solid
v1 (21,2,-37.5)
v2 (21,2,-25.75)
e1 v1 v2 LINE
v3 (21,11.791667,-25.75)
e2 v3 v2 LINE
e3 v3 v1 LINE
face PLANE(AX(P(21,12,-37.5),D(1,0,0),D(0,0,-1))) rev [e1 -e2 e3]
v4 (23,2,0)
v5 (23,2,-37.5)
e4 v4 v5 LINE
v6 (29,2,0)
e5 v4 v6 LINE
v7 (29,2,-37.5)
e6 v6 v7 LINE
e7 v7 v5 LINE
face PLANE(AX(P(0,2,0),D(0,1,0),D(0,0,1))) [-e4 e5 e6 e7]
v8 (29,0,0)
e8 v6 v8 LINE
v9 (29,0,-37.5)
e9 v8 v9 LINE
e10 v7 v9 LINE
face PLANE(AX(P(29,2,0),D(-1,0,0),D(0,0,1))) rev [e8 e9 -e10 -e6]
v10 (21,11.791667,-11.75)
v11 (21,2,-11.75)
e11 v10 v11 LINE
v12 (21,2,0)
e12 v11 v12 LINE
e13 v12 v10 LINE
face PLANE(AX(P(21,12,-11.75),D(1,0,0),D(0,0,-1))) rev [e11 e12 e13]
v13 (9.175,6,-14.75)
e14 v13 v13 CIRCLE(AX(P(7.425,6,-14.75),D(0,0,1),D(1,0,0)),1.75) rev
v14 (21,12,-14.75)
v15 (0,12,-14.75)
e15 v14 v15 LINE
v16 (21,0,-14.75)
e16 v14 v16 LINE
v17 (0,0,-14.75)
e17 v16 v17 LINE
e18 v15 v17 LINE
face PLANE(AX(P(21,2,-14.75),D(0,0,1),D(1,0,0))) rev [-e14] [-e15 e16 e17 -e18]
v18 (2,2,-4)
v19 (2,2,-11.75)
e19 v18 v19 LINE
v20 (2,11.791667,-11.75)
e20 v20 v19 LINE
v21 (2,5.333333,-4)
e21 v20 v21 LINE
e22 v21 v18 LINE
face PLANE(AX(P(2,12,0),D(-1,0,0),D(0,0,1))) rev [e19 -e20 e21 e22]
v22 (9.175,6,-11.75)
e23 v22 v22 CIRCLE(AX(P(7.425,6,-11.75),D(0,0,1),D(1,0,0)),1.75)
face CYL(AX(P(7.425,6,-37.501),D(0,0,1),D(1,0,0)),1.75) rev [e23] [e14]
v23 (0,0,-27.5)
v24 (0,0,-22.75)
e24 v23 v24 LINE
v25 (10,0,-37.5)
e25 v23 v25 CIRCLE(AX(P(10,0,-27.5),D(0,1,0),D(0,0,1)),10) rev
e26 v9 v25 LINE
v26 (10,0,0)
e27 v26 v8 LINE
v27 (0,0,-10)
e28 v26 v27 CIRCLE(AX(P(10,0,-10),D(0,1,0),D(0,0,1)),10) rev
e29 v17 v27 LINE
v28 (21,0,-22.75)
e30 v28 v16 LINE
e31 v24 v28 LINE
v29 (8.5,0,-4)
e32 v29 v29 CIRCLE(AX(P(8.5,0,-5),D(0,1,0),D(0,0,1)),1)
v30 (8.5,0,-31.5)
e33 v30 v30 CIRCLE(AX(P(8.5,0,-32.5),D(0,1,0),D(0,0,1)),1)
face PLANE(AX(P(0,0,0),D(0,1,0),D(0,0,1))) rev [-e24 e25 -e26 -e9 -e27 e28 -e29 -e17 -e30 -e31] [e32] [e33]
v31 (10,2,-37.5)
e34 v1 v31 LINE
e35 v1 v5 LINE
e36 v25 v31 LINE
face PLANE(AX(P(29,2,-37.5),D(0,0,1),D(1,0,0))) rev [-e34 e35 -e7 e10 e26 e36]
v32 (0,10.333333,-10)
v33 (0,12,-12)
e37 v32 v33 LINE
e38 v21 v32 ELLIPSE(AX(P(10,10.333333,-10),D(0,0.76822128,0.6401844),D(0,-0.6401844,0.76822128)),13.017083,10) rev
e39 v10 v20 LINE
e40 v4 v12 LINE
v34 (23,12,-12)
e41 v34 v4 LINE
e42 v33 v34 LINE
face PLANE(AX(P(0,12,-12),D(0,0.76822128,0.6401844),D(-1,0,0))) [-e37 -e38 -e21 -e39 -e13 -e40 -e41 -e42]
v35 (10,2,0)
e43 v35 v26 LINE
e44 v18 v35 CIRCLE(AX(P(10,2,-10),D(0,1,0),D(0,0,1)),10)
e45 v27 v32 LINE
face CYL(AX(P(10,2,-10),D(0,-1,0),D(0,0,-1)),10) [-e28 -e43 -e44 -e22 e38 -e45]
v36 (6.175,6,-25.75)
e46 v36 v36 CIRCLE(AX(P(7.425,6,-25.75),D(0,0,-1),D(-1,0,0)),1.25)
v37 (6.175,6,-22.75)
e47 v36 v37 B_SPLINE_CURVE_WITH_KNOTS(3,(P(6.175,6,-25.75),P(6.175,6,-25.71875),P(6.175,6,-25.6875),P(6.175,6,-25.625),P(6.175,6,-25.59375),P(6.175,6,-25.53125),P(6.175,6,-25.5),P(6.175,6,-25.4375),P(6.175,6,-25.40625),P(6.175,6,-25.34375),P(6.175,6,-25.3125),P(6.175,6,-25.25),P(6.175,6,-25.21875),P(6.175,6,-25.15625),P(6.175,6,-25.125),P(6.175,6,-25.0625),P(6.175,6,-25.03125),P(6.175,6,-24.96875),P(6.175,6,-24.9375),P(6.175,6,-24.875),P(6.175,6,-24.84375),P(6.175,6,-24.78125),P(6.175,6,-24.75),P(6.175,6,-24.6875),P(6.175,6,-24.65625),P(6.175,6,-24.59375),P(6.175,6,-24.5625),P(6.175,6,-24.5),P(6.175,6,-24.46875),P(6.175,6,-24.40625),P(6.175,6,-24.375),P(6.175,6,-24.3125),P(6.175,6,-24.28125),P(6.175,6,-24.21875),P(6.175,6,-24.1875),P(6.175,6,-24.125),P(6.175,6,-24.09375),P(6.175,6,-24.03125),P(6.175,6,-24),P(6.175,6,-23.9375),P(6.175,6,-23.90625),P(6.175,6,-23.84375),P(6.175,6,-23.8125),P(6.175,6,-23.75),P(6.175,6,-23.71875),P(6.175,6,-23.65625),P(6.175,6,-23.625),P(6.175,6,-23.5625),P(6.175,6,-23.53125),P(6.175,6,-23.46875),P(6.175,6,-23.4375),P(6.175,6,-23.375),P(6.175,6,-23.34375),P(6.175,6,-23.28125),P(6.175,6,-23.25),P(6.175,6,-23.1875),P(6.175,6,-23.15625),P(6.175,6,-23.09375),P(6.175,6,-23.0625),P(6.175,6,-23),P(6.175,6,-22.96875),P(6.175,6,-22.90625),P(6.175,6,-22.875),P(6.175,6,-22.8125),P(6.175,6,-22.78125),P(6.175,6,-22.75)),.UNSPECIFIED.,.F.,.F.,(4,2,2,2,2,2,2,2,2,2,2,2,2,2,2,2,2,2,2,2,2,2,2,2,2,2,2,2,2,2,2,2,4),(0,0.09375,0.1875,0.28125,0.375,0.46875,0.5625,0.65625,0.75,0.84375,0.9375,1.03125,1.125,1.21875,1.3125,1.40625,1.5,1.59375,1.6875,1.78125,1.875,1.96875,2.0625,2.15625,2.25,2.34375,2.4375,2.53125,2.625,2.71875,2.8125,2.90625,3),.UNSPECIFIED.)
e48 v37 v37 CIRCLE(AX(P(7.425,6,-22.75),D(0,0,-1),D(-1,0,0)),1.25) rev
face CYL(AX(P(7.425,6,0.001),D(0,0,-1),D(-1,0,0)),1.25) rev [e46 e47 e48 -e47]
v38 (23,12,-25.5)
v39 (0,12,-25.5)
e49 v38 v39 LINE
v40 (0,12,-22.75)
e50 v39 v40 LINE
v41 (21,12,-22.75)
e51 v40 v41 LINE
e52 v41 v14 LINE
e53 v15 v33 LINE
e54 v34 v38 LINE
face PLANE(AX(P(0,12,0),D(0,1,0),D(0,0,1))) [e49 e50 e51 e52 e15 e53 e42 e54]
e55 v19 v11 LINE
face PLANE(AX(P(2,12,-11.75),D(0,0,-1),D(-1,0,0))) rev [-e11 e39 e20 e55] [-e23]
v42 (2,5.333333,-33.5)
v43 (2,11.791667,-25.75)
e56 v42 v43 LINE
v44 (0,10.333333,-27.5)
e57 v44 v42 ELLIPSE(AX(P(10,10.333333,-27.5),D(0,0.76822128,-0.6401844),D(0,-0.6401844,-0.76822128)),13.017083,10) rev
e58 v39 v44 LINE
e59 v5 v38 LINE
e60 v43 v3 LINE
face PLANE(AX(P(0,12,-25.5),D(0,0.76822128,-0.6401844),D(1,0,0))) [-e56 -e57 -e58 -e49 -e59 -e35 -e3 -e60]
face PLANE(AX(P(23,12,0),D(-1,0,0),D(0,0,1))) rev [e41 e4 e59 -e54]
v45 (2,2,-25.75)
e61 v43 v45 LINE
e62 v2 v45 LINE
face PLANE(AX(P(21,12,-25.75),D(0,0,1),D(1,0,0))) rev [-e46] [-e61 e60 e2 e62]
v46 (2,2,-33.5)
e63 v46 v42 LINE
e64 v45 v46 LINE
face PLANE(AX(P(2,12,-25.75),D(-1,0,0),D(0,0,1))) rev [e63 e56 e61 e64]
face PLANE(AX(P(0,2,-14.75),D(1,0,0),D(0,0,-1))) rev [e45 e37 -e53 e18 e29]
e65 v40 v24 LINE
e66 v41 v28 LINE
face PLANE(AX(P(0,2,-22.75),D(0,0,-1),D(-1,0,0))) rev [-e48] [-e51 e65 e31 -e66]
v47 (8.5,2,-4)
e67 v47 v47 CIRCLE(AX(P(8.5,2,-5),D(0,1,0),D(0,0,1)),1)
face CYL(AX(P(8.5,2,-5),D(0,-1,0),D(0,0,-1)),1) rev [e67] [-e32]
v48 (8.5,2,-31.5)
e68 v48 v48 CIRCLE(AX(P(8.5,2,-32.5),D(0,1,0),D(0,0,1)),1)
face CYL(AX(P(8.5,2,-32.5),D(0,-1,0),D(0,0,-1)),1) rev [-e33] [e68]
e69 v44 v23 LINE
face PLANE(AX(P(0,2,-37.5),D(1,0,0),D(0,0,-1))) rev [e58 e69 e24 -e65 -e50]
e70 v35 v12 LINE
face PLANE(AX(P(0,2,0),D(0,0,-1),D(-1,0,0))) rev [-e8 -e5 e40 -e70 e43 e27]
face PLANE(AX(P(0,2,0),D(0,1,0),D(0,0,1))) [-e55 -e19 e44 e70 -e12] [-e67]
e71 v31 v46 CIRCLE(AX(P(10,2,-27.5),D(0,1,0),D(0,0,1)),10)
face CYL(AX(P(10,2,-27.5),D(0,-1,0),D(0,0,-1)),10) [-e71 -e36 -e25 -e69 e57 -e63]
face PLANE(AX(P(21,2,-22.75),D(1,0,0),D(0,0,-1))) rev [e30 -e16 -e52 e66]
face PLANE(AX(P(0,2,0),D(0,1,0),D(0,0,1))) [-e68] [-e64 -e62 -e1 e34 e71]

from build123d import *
from OCP.BRepFilletAPI import BRepFilletAPI_MakeChamfer

# Parameters (mm, degrees)
TOPSKETCH1_R                         = 1
TOPBOSS_EXTRUDE1_DEPTH               = 2
RAILCLAMPBOSS_EXTRUDE2_DEPTH         = 10
RAILSCREWSIDE1HOLECUT_EXTRUDE1_REACH = 42.596
RAILSCREWSIDE1HOLESKETCH3_R          = 1.75
RAILSCREWSIDE2HOLECUT_EXTRUDE2_REACH = 42.596
RAILSCREWSIDE2HOLESKETCH4_R          = 1.25
FILLET1_R                            = 10
CHAMFER2_SIZE                        = 10
CHAMFER2_SIZE2                       = 12


with BuildPart() as part:
    # TopSketch1 → TopBoss-Extrude1 (new body)
    with BuildSketch(Plane(origin=(0, 0, 0), x_dir=(1, 0, 0), z_dir=(0, 1, 0))):
        Polygon((0, 0), (29, 0), (29, 37.5), (0, 37.5), (0, 22.75), (21, 22.75), (21, 14.75), (0, 14.75), align=None)
        with Locations(Location((8.5, 32.5, 0), (0, 0, 270))):
            Circle(TOPSKETCH1_R, mode=Mode.SUBTRACT)
        with Locations(Location((8.5, 5, 0), (0, 0, 270))):
            Circle(TOPSKETCH1_R, mode=Mode.SUBTRACT)
    extrude(amount=TOPBOSS_EXTRUDE1_DEPTH)

    # RailClampSketch2 → RailClampBoss-Extrude2 (add)
    with BuildSketch(Plane(origin=(0, 2, 0), x_dir=(1, 0, 0), z_dir=(0, 1, 0))):
        Polygon((0, 37.5), (0, 22.75), (21, 22.75), (21, 14.75), (0, 14.75), (0, 0), (2, 0), (2, 11.75), (21, 11.75), (21, 0), (23, 0), (23, 37.5), (21, 37.5), (21, 25.75), (2, 25.75), (2, 37.5), align=None)
    extrude(amount=RAILCLAMPBOSS_EXTRUDE2_DEPTH)

    # RailScrewSide1HoleSketch3 → RailScrewSide1HoleCut-Extrude1 (cut, up to next)
    with BuildSketch(Plane.XY.offset(-11.75), mode=Mode.PRIVATE) as railscrewside1holecut_extrude1_sk1:
        with Locations((7.425, 6)):
            Circle(RAILSCREWSIDE1HOLESKETCH3_R)
    railscrewside1holecut_extrude1_tool1 = extrude(railscrewside1holecut_extrude1_sk1.sketch, amount=-RAILSCREWSIDE1HOLECUT_EXTRUDE1_REACH, mode=Mode.PRIVATE) & part.part
    add(railscrewside1holecut_extrude1_tool1.solids().sort_by_distance((7.425, 6, -11.75))[0], mode=Mode.SUBTRACT)

    # RailScrewSide2HoleSketch4 → RailScrewSide2HoleCut-Extrude2 (cut, up to next)
    with BuildSketch(Plane(origin=(0, 0, -25.75), x_dir=(-1, 0, 0), z_dir=(0, 0, -1)), mode=Mode.PRIVATE) as railscrewside2holecut_extrude2_sk1:
        with Locations((-7.425, 6)):
            Circle(RAILSCREWSIDE2HOLESKETCH4_R)
    railscrewside2holecut_extrude2_tool1 = extrude(railscrewside2holecut_extrude2_sk1.sketch, amount=-RAILSCREWSIDE2HOLECUT_EXTRUDE2_REACH, mode=Mode.PRIVATE) & part.part
    add(railscrewside2holecut_extrude2_tool1.solids().sort_by_distance((7.425, 6, -25.75))[0], mode=Mode.SUBTRACT)

    # Fillet1
    fillet1_edges = [part.edges().sort_by_distance(p)[0] for p in [
        (0, 6, 0),
        (0, 6, -37.5),
    ]]
    fillet(fillet1_edges, radius=FILLET1_R)

    # Chamfer2: one chamfer whose edges measure the first distance from different faces: ONE call of the kernel's chamfer builder (chamfer() names one face for all edges)
    chamfer2_edges_1 = [part.edges().sort_by_distance(p)[0] for p in [
        (22, 12, -37.5),
    ]]
    chamfer2_side_1 = [part.faces().sort_by_distance(p)[0] for p in [
        (15.5, 1.775277949, -37.5),
    ]]
    chamfer2_edges_2 = [part.edges().sort_by_distance(p)[0] for p in [
        (22, 12, 0),
    ]]
    chamfer2_side_2 = [part.faces().sort_by_distance(p)[0] for p in [
        (15.5, 1.775277949, 0),
    ]]
    chamfer2 = BRepFilletAPI_MakeChamfer(part.part.solid().wrapped)
    for e in chamfer2_edges_1:
        chamfer2.Add(CHAMFER2_SIZE, CHAMFER2_SIZE2, e.wrapped, chamfer2_side_1[0].wrapped)  # the first distance lies on this face
    for e in chamfer2_edges_2:
        chamfer2.Add(CHAMFER2_SIZE, CHAMFER2_SIZE2, e.wrapped, chamfer2_side_2[0].wrapped)  # the first distance lies on this face
    add(Compound.cast(chamfer2.Shape()), mode=Mode.REPLACE)


solid = part.part
